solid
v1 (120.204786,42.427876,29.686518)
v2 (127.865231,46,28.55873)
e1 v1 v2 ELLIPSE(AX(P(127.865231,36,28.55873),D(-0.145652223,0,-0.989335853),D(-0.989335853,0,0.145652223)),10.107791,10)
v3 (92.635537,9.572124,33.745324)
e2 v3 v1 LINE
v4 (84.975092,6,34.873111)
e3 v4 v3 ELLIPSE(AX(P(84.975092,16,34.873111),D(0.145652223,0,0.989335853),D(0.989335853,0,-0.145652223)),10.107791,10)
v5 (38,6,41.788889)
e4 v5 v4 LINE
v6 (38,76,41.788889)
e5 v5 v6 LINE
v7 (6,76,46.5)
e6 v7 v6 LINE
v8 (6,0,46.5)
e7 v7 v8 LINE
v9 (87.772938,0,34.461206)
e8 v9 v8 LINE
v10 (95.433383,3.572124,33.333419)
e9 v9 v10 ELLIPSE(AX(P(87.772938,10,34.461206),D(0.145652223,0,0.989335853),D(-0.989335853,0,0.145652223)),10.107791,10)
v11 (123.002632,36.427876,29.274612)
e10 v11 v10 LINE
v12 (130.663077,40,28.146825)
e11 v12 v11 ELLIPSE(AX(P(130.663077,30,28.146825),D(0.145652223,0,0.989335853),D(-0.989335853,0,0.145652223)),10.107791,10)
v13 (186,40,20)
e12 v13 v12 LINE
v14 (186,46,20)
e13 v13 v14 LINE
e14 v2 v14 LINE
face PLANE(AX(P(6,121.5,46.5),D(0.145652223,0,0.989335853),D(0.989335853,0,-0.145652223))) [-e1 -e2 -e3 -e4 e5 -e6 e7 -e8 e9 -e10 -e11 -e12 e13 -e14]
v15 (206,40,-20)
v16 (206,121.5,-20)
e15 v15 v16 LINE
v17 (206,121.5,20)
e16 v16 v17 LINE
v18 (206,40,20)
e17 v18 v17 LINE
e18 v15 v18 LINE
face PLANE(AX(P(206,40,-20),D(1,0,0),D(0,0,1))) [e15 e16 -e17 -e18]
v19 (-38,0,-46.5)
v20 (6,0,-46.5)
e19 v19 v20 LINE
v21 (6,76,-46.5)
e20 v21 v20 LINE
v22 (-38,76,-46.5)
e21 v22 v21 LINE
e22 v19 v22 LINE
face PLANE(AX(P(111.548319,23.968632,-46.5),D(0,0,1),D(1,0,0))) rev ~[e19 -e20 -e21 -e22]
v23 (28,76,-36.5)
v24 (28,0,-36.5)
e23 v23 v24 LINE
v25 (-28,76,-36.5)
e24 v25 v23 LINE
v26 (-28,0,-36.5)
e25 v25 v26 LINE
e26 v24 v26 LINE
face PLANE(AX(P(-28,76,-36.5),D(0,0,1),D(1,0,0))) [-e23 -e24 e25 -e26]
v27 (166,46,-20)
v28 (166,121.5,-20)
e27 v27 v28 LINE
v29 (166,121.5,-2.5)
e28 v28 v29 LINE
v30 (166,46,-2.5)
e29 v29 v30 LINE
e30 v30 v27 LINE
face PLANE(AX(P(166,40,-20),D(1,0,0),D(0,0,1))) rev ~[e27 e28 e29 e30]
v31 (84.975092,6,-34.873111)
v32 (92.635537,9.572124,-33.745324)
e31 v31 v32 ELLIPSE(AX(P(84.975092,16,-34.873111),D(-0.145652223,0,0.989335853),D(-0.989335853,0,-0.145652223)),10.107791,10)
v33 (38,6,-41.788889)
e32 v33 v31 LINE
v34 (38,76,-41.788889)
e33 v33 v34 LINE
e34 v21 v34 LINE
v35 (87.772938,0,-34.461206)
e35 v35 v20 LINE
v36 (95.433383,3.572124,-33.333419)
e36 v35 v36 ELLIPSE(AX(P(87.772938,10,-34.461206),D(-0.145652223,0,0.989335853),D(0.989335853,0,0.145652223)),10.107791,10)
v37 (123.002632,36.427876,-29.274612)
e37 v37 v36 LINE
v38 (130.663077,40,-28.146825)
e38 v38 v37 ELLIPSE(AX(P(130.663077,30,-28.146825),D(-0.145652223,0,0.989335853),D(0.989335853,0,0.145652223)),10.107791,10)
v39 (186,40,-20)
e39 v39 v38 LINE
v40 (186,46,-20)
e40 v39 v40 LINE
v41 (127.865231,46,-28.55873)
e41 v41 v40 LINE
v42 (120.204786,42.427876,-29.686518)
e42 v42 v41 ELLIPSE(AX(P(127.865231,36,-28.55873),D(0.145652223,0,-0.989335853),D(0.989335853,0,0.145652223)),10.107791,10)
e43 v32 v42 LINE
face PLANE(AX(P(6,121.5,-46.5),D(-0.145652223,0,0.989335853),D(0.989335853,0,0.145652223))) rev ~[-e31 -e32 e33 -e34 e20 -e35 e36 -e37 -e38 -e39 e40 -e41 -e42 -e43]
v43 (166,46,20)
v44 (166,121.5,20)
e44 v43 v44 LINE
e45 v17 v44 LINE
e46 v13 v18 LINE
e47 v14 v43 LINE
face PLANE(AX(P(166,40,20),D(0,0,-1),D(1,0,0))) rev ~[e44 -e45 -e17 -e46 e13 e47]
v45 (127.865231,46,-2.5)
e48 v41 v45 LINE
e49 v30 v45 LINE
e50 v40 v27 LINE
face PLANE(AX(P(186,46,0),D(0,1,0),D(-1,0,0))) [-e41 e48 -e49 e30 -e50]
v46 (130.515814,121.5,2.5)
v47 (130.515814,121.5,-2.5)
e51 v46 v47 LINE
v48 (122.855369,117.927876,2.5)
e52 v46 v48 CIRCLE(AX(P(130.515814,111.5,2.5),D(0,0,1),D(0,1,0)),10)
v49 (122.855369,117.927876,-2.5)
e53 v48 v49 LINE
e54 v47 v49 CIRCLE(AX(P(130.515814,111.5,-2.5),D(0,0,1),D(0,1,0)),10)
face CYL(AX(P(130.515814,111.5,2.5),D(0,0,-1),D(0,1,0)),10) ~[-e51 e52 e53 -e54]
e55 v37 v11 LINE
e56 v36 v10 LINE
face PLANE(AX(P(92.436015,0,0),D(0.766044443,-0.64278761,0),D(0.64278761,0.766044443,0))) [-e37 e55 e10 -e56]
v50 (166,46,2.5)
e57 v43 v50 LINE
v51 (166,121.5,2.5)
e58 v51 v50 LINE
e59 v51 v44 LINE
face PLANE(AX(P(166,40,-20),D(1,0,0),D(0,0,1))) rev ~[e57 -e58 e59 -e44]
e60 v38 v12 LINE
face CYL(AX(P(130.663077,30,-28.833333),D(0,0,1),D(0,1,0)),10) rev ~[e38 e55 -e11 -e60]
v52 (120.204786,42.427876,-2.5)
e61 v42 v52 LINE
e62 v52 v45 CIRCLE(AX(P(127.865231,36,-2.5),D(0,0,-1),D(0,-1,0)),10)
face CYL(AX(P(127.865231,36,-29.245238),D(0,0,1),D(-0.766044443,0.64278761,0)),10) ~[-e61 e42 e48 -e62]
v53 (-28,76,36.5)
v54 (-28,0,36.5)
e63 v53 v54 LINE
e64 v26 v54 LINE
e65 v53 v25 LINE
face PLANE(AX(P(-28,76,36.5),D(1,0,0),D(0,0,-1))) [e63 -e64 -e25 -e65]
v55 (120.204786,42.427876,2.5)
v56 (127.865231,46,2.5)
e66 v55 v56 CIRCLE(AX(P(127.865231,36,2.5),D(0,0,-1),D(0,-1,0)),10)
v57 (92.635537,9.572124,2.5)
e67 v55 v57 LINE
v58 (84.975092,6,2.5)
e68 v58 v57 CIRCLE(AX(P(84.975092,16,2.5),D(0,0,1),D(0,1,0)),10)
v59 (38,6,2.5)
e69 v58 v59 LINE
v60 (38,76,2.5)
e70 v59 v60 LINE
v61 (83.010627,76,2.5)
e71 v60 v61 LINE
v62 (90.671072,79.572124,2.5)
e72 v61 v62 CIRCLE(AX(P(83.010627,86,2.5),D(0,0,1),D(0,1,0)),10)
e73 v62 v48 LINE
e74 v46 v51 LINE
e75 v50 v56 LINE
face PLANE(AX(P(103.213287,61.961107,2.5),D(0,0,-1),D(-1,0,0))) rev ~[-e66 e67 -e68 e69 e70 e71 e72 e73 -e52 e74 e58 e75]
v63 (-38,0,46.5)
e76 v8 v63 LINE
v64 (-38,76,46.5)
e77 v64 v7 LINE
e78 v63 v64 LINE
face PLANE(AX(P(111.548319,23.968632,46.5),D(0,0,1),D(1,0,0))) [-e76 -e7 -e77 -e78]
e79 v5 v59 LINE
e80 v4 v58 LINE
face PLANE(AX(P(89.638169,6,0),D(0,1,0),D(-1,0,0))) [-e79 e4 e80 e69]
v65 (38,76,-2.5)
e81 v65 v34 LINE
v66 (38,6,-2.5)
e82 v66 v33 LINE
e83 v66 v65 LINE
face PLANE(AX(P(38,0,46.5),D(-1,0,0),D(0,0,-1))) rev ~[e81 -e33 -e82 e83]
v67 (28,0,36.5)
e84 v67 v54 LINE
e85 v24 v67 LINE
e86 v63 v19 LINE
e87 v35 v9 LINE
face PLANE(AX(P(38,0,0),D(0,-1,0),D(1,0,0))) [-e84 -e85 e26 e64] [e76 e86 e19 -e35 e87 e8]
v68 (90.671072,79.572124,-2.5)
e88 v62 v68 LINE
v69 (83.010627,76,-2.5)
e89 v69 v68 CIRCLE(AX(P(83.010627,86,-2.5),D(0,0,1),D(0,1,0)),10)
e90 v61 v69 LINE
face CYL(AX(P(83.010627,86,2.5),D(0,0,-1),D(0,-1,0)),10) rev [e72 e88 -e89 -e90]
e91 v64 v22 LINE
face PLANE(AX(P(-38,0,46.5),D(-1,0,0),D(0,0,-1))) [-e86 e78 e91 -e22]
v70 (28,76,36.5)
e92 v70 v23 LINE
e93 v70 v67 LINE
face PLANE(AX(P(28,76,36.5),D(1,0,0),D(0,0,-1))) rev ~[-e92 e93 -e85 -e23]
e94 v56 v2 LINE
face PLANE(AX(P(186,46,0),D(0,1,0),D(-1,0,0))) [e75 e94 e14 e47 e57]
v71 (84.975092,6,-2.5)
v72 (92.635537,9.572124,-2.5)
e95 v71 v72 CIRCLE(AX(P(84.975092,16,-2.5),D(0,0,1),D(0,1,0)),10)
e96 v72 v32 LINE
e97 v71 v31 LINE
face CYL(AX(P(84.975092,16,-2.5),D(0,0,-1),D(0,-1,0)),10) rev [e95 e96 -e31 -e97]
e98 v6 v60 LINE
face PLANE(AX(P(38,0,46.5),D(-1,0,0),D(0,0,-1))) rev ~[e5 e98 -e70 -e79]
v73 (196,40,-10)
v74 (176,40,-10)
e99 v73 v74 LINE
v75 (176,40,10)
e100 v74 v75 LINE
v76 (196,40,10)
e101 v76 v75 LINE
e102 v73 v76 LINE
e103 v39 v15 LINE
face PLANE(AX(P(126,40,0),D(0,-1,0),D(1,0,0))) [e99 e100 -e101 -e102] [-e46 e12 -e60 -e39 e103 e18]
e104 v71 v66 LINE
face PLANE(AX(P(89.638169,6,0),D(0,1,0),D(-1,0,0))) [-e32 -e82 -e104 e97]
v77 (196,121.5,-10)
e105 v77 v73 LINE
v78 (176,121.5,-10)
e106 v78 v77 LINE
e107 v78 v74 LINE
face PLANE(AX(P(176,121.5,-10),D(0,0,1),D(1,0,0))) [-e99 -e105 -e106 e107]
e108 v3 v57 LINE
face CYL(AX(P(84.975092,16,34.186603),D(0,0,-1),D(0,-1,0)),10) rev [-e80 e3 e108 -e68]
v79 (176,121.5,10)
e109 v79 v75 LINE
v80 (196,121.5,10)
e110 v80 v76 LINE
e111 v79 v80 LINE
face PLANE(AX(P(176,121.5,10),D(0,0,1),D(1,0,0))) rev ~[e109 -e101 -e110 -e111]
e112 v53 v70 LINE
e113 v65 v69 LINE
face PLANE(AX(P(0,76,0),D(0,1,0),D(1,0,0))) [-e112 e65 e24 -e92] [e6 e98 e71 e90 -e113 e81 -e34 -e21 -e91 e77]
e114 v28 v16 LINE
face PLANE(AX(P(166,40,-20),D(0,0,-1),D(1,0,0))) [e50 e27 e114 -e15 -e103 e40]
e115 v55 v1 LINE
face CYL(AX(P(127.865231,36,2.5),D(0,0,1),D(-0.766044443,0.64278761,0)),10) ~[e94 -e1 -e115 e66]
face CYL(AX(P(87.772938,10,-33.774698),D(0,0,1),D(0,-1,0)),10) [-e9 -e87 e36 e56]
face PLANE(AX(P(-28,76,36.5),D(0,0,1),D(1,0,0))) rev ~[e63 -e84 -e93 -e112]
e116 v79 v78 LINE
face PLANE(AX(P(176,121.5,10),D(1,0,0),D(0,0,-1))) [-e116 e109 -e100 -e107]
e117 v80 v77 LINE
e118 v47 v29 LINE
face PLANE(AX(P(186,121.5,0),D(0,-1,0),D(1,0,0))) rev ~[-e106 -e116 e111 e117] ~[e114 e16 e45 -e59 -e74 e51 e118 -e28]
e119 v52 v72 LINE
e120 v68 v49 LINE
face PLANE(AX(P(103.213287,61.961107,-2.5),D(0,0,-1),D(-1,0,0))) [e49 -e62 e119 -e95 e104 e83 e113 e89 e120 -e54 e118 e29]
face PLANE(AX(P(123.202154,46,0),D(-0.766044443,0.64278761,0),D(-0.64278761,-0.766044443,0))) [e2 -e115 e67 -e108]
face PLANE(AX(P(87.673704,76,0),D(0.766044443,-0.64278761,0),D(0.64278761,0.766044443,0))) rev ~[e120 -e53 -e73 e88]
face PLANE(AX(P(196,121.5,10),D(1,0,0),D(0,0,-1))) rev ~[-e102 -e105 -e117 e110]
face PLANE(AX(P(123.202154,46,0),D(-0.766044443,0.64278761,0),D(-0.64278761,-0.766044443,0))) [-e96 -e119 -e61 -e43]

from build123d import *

# Parameters (mm, degrees)
SKIZZE1_W                       = 76
SKIZZE1_H                       = 93
AUFSATZ_LINEAR_AUSTRAGEN1_DEPTH = 76
AUFSATZ_LINEAR_AUSTRAGEN2_DEPTH = 46.5
SKIZZE3_W                       = 40
SKIZZE3_H                       = 40
AUFSATZ_LINEAR_AUSTRAGEN3_DEPTH = 81.5
AUFSATZ_LINEAR_AUSTRAGEN4_DEPTH = 2.5
SKIZZE5_W                       = 20
SKIZZE5_H                       = 20
SCHNITT_LINEAR_AUSTRAGEN1_DEPTH = 122.5
SKIZZE6_W                       = 56
SKIZZE6_H                       = 73
SCHNITT_LINEAR_AUSTRAGEN2_DEPTH = 77
SCHNITT_LINEAR_AUSTRAGEN3_DEPTH = 122.5
VERRUNDUNG1_R                   = 10


with BuildPart() as part:
    # Skizze1 → Aufsatz-Linear austragen1 (new body)
    with BuildSketch(Plane(origin=(0, 0, 0), x_dir=(1, 0, 0), z_dir=(0, 1, 0))):
        Rectangle(SKIZZE1_W, SKIZZE1_H)
    extrude(amount=AUFSATZ_LINEAR_AUSTRAGEN1_DEPTH)

    # Skizze2 → Aufsatz-Linear austragen2 (add, symmetric)
    with BuildSketch(Plane.XY):
        Polygon((38, 0), (92.436014753, 0), (126, 40), (186, 40), (186, 46), (123.202154051, 46), (89.638168804, 6), (38, 6), align=None)
    extrude(amount=AUFSATZ_LINEAR_AUSTRAGEN2_DEPTH, both=True)

    # Skizze3 → Aufsatz-Linear austragen3 (add)
    with BuildSketch(Plane.XZ.offset(-40)):
        with Locations((186, 0)):
            Rectangle(SKIZZE3_W, SKIZZE3_H)
    extrude(amount=-AUFSATZ_LINEAR_AUSTRAGEN3_DEPTH)

    # Skizze4 → Aufsatz-Linear austragen4 (add, symmetric)
    with BuildSketch(Plane.XY):
        Polygon((38, 76), (87.673704032, 76), (125.852737251, 121.5), (166, 121.5), (166, 46), (123.202154051, 46), (89.638168804, 6), (38, 6), align=None)
    extrude(amount=AUFSATZ_LINEAR_AUSTRAGEN4_DEPTH, both=True)

    # Skizze5 → Schnitt-Linear austragen1 (cut, through all)
    with BuildSketch(Plane(origin=(0, 121.5, 0), x_dir=(1, 0, 0), z_dir=(0, 1, 0))):
        with Locations((186, 0)):
            Rectangle(SKIZZE5_W, SKIZZE5_H)
    extrude(amount=-SCHNITT_LINEAR_AUSTRAGEN1_DEPTH, mode=Mode.SUBTRACT)

    # Skizze6 → Schnitt-Linear austragen2 (cut, through all)
    with BuildSketch(Plane(origin=(0, 76, 0), x_dir=(1, 0, 0), z_dir=(0, 1, 0))):
        Rectangle(SKIZZE6_W, SKIZZE6_H)
    extrude(amount=-SCHNITT_LINEAR_AUSTRAGEN2_DEPTH, mode=Mode.SUBTRACT)

    # Skizze7 → Schnitt-Linear austragen3 (cut, through all)
    with BuildSketch(Plane(origin=(0, 121.5, 0), x_dir=(1, 0, 0), z_dir=(0, 1, 0))):
        Polygon((6, 46.5), (186, 20), (186, 46.5), align=None)
        Polygon((6, -46.5), (186, -20), (186, -46.5), align=None)
    extrude(amount=-SCHNITT_LINEAR_AUSTRAGEN3_DEPTH, mode=Mode.SUBTRACT)

    # Verrundung1
    verrundung1_edges = [part.edges().sort_by_distance(p)[0] for p in [
        (126, 40, 0),
        (92.436014753, 0, 0),
        (89.638168804, 6, 18.343301463),
        (123.202154051, 46, 15.872619216),
        (89.638168804, 6, -18.343301463),
        (123.202154051, 46, -15.872619216),
        (125.852737251, 121.5, 0),
        (87.673704032, 76, 0),
    ]]
    fillet(verrundung1_edges, radius=VERRUNDUNG1_R)


solid = part.part
